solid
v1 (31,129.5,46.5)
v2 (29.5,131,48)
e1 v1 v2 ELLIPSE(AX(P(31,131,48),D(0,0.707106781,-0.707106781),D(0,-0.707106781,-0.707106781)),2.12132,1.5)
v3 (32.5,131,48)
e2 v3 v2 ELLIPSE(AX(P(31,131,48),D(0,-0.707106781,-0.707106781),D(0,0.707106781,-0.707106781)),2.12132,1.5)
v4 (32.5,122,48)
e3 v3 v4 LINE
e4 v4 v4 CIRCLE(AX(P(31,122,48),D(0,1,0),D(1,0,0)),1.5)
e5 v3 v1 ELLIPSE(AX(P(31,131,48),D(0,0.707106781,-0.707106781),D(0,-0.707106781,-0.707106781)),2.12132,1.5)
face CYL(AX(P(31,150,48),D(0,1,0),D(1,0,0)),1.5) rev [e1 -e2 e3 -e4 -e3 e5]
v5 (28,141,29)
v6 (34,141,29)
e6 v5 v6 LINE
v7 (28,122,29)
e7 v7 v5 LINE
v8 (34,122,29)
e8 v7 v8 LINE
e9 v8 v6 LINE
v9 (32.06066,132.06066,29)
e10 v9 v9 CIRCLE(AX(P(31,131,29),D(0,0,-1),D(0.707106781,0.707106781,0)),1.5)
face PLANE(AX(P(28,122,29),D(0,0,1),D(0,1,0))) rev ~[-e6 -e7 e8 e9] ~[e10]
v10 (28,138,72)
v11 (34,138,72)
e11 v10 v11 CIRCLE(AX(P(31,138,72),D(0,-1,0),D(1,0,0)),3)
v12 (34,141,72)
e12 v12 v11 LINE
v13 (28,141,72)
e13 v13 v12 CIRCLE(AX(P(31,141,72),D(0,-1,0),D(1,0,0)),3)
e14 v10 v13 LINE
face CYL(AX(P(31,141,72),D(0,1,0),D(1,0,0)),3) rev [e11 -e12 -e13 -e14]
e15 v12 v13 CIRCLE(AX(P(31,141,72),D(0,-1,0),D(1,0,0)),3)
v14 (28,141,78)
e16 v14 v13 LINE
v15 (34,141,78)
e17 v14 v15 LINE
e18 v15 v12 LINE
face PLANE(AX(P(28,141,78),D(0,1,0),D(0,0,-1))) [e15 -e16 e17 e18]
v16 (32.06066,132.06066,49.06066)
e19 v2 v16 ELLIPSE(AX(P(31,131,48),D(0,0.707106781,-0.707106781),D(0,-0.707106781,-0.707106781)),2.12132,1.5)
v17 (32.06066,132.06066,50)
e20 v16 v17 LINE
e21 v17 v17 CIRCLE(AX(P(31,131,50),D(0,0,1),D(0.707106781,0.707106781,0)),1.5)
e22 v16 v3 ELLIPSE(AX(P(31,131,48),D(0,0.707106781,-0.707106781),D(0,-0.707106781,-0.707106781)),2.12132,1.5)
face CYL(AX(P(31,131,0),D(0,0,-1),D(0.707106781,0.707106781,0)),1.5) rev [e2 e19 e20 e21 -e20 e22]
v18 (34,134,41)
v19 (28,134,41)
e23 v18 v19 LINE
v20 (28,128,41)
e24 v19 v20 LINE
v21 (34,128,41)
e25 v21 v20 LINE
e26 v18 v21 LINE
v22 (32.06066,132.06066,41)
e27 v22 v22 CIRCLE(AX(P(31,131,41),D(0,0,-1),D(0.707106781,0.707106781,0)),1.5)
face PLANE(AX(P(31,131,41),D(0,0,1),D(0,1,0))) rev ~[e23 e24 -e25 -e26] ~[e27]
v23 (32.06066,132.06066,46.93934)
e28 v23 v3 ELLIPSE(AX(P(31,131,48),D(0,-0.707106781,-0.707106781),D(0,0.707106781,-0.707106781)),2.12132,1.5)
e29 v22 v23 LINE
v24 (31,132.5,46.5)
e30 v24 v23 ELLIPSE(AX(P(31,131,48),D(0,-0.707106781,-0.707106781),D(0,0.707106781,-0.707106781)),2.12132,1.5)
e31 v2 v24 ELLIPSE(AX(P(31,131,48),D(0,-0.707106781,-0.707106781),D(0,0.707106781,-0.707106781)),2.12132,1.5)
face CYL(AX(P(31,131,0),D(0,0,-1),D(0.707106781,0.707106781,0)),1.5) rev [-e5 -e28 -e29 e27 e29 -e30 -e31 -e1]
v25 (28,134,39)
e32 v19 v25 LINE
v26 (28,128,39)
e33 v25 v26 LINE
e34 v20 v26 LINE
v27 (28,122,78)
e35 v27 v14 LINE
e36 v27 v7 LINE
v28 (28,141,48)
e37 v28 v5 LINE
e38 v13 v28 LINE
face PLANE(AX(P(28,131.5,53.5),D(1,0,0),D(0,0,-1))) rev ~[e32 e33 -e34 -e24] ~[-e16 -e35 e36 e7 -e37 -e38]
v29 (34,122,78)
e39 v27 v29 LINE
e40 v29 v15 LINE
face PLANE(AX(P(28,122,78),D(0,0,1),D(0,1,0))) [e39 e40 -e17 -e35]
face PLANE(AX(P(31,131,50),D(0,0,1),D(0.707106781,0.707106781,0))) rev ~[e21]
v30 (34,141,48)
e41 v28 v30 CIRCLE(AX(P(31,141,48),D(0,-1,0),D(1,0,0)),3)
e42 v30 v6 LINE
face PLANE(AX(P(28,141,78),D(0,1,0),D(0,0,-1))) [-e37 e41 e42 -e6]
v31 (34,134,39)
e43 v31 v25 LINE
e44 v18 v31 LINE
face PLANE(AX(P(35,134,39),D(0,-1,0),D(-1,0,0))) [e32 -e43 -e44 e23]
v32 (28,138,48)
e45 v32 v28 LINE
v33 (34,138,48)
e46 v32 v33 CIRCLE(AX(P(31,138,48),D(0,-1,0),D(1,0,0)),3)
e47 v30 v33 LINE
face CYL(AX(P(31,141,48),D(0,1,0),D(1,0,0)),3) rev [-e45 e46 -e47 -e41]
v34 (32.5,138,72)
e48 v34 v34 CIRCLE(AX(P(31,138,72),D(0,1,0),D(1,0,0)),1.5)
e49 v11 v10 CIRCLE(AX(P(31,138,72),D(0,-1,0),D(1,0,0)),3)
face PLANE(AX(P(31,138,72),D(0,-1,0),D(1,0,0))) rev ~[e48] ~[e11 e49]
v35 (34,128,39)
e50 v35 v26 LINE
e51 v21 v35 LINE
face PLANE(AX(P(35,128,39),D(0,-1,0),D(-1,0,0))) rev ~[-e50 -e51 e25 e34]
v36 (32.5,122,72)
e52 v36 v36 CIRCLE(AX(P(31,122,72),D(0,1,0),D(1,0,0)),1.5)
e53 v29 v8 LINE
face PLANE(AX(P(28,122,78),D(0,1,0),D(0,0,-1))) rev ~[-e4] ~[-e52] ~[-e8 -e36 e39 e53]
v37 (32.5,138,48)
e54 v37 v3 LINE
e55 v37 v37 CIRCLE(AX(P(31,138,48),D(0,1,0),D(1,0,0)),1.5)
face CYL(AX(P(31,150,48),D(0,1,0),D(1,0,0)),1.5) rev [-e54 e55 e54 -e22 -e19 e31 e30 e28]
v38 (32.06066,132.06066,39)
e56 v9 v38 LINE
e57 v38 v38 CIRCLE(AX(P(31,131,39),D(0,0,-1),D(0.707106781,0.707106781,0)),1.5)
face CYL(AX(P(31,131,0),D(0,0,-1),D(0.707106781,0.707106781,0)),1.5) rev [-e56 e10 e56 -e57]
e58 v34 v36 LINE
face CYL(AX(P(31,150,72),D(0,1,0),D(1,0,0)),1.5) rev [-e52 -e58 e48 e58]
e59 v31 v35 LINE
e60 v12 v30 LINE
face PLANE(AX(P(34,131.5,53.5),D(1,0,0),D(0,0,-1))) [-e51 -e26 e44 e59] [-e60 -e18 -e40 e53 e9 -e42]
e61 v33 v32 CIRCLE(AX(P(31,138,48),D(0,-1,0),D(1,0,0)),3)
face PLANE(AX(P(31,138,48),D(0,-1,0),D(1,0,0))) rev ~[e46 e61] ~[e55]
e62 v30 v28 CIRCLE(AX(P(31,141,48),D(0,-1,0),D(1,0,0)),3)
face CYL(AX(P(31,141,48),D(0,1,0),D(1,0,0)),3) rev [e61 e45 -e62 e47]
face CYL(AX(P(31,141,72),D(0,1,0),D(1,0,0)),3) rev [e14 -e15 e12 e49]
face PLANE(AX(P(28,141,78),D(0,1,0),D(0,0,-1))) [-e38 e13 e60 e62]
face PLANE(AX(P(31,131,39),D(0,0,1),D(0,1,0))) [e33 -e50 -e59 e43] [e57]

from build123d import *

# Parameters (mm, degrees)
CYLINDER1861_R               = 3
CYLINDER1861_DEPTH           = 3
CYLINDER1862_R               = 3
CYLINDER1862_DEPTH           = 3
CYLINDER1864_R               = 3
CYLINDER1864_DEPTH           = 3
CYLINDER1863_R               = 3
CYLINDER1863_DEPTH           = 3
CYLINDER1858_R               = 1.5
CYLINDER1858_DEPTH           = 50
CYLINDER1859_R               = 1.5
CYLINDER1859_DEPTH           = 50
CYLINDER1860_R               = 1.5
CYLINDER1860_DEPTH           = 50
CYLINDER1857_R               = 1.5
CYLINDER1857_DEPTH           = 50
BOX774_W                     = 6
BOX774_H                     = 8
BOX774_DEPTH                 = 2
CYLINDER1852_R               = 1.5
CYLINDER1852_DEPTH           = 50
CYLINDER1852_PLACEMENT_ANGLE = 45
BOX773_W                     = 49
BOX773_H                     = 19
BOX773_DEPTH                 = 6


with BuildPart() as v_lec1861:
    # Cylinder1861 → Cylinder1861 (new body)
    with BuildSketch(Plane(origin=(-31, 150, 72), x_dir=(1, 0, 0), z_dir=(0, -1, 0))):
        Circle(CYLINDER1861_R)
    extrude(amount=CYLINDER1861_DEPTH)


with BuildPart() as v_lec1862:
    # Cylinder1862 → Cylinder1862 (new body)
    with BuildSketch(Plane(origin=(31, 150, 48), x_dir=(1, 0, 0), z_dir=(0, -1, 0))):
        Circle(CYLINDER1862_R)
    extrude(amount=CYLINDER1862_DEPTH)


with BuildPart() as v_lec1864:
    # Cylinder1864 → Cylinder1864 (new body)
    with BuildSketch(Plane(origin=(31, 150, 72), x_dir=(1, 0, 0), z_dir=(0, -1, 0))):
        Circle(CYLINDER1864_R)
    extrude(amount=CYLINDER1864_DEPTH)


with BuildPart() as compound932:
    # Cylinder1863 → Cylinder1863 (new body)
    with BuildSketch(Plane(origin=(-31, 150, 48), x_dir=(1, 0, 0), z_dir=(0, -1, 0))):
        Circle(CYLINDER1863_R)
    extrude(amount=CYLINDER1863_DEPTH)

    # Compound932: union Válec1861, Válec1862, Válec1864
    add(v_lec1861.part)
    add(v_lec1862.part)
    add(v_lec1864.part)


with BuildPart() as compound932_1:
    # Compound932 placement: moved
    add(compound932.part.moved(Location((0, -9, 0))))


with BuildPart() as v_lec1858:
    # Cylinder1858 → Cylinder1858 (new body)
    with BuildSketch(Plane(origin=(-31, 150, 72), x_dir=(1, 0, 0), z_dir=(0, -1, 0))):
        Circle(CYLINDER1858_R)
    extrude(amount=CYLINDER1858_DEPTH)


with BuildPart() as v_lec1859:
    # Cylinder1859 → Cylinder1859 (new body)
    with BuildSketch(Plane(origin=(31, 150, 48), x_dir=(1, 0, 0), z_dir=(0, -1, 0))):
        Circle(CYLINDER1859_R)
    extrude(amount=CYLINDER1859_DEPTH)


with BuildPart() as v_lec1860:
    # Cylinder1860 → Cylinder1860 (new body)
    with BuildSketch(Plane(origin=(31, 150, 72), x_dir=(1, 0, 0), z_dir=(0, -1, 0))):
        Circle(CYLINDER1860_R)
    extrude(amount=CYLINDER1860_DEPTH)


with BuildPart() as compound931:
    # Cylinder1857 → Cylinder1857 (new body)
    with BuildSketch(Plane(origin=(-31, 150, 48), x_dir=(1, 0, 0), z_dir=(0, -1, 0))):
        Circle(CYLINDER1857_R)
    extrude(amount=CYLINDER1857_DEPTH)

    # Compound931: union Válec1858, Válec1859, Válec1860
    add(v_lec1858.part)
    add(v_lec1859.part)
    add(v_lec1860.part)


with BuildPart() as compound928:
    # Box774 → Box774 (new body)
    with BuildSketch(Plane(origin=(35, 92, 39), x_dir=(0, 1, 0), z_dir=(0, 0, 1))):
        with Locations((3, 4)):
            Rectangle(BOX774_W, BOX774_H)
    extrude(amount=BOX774_DEPTH)


with BuildPart() as compound929:
    # Cylinder1852 → Cylinder1852 (new body)
    with BuildSketch(Plane.XY):
        Circle(CYLINDER1852_R)
    extrude(amount=CYLINDER1852_DEPTH)


with BuildPart() as compound929_1:
    # Cylinder1852 placement: moved
    add(compound929.part.moved(Location((31, 95, 0))).rotate(Axis((31, 95, 0), (0, 0, 1)), CYLINDER1852_PLACEMENT_ANGLE))


with BuildPart() as cut581:
    # Box773 → Box773 (new body)
    with BuildSketch(Plane(origin=(28, 86, 78), x_dir=(0, 0, -1), z_dir=(1, 0, 0))):
        with Locations((24.5, 9.5)):
            Rectangle(BOX773_W, BOX773_H)
    extrude(amount=BOX773_DEPTH)

    # Cut577: cut Compound929
    add(compound929_1.part, mode=Mode.SUBTRACT)

    # Cut576: cut Compound928
    add(compound928.part, mode=Mode.SUBTRACT)


with BuildPart() as cut581_1:
    # Cut576 placement: moved
    add(cut581.part.moved(Location((0, 36, 0))))

    # Cut580: cut Compound931
    add(compound931.part, mode=Mode.SUBTRACT)

    # Cut581: cut Compound932
    add(compound932_1.part, mode=Mode.SUBTRACT)


solid = cut581_1.part
